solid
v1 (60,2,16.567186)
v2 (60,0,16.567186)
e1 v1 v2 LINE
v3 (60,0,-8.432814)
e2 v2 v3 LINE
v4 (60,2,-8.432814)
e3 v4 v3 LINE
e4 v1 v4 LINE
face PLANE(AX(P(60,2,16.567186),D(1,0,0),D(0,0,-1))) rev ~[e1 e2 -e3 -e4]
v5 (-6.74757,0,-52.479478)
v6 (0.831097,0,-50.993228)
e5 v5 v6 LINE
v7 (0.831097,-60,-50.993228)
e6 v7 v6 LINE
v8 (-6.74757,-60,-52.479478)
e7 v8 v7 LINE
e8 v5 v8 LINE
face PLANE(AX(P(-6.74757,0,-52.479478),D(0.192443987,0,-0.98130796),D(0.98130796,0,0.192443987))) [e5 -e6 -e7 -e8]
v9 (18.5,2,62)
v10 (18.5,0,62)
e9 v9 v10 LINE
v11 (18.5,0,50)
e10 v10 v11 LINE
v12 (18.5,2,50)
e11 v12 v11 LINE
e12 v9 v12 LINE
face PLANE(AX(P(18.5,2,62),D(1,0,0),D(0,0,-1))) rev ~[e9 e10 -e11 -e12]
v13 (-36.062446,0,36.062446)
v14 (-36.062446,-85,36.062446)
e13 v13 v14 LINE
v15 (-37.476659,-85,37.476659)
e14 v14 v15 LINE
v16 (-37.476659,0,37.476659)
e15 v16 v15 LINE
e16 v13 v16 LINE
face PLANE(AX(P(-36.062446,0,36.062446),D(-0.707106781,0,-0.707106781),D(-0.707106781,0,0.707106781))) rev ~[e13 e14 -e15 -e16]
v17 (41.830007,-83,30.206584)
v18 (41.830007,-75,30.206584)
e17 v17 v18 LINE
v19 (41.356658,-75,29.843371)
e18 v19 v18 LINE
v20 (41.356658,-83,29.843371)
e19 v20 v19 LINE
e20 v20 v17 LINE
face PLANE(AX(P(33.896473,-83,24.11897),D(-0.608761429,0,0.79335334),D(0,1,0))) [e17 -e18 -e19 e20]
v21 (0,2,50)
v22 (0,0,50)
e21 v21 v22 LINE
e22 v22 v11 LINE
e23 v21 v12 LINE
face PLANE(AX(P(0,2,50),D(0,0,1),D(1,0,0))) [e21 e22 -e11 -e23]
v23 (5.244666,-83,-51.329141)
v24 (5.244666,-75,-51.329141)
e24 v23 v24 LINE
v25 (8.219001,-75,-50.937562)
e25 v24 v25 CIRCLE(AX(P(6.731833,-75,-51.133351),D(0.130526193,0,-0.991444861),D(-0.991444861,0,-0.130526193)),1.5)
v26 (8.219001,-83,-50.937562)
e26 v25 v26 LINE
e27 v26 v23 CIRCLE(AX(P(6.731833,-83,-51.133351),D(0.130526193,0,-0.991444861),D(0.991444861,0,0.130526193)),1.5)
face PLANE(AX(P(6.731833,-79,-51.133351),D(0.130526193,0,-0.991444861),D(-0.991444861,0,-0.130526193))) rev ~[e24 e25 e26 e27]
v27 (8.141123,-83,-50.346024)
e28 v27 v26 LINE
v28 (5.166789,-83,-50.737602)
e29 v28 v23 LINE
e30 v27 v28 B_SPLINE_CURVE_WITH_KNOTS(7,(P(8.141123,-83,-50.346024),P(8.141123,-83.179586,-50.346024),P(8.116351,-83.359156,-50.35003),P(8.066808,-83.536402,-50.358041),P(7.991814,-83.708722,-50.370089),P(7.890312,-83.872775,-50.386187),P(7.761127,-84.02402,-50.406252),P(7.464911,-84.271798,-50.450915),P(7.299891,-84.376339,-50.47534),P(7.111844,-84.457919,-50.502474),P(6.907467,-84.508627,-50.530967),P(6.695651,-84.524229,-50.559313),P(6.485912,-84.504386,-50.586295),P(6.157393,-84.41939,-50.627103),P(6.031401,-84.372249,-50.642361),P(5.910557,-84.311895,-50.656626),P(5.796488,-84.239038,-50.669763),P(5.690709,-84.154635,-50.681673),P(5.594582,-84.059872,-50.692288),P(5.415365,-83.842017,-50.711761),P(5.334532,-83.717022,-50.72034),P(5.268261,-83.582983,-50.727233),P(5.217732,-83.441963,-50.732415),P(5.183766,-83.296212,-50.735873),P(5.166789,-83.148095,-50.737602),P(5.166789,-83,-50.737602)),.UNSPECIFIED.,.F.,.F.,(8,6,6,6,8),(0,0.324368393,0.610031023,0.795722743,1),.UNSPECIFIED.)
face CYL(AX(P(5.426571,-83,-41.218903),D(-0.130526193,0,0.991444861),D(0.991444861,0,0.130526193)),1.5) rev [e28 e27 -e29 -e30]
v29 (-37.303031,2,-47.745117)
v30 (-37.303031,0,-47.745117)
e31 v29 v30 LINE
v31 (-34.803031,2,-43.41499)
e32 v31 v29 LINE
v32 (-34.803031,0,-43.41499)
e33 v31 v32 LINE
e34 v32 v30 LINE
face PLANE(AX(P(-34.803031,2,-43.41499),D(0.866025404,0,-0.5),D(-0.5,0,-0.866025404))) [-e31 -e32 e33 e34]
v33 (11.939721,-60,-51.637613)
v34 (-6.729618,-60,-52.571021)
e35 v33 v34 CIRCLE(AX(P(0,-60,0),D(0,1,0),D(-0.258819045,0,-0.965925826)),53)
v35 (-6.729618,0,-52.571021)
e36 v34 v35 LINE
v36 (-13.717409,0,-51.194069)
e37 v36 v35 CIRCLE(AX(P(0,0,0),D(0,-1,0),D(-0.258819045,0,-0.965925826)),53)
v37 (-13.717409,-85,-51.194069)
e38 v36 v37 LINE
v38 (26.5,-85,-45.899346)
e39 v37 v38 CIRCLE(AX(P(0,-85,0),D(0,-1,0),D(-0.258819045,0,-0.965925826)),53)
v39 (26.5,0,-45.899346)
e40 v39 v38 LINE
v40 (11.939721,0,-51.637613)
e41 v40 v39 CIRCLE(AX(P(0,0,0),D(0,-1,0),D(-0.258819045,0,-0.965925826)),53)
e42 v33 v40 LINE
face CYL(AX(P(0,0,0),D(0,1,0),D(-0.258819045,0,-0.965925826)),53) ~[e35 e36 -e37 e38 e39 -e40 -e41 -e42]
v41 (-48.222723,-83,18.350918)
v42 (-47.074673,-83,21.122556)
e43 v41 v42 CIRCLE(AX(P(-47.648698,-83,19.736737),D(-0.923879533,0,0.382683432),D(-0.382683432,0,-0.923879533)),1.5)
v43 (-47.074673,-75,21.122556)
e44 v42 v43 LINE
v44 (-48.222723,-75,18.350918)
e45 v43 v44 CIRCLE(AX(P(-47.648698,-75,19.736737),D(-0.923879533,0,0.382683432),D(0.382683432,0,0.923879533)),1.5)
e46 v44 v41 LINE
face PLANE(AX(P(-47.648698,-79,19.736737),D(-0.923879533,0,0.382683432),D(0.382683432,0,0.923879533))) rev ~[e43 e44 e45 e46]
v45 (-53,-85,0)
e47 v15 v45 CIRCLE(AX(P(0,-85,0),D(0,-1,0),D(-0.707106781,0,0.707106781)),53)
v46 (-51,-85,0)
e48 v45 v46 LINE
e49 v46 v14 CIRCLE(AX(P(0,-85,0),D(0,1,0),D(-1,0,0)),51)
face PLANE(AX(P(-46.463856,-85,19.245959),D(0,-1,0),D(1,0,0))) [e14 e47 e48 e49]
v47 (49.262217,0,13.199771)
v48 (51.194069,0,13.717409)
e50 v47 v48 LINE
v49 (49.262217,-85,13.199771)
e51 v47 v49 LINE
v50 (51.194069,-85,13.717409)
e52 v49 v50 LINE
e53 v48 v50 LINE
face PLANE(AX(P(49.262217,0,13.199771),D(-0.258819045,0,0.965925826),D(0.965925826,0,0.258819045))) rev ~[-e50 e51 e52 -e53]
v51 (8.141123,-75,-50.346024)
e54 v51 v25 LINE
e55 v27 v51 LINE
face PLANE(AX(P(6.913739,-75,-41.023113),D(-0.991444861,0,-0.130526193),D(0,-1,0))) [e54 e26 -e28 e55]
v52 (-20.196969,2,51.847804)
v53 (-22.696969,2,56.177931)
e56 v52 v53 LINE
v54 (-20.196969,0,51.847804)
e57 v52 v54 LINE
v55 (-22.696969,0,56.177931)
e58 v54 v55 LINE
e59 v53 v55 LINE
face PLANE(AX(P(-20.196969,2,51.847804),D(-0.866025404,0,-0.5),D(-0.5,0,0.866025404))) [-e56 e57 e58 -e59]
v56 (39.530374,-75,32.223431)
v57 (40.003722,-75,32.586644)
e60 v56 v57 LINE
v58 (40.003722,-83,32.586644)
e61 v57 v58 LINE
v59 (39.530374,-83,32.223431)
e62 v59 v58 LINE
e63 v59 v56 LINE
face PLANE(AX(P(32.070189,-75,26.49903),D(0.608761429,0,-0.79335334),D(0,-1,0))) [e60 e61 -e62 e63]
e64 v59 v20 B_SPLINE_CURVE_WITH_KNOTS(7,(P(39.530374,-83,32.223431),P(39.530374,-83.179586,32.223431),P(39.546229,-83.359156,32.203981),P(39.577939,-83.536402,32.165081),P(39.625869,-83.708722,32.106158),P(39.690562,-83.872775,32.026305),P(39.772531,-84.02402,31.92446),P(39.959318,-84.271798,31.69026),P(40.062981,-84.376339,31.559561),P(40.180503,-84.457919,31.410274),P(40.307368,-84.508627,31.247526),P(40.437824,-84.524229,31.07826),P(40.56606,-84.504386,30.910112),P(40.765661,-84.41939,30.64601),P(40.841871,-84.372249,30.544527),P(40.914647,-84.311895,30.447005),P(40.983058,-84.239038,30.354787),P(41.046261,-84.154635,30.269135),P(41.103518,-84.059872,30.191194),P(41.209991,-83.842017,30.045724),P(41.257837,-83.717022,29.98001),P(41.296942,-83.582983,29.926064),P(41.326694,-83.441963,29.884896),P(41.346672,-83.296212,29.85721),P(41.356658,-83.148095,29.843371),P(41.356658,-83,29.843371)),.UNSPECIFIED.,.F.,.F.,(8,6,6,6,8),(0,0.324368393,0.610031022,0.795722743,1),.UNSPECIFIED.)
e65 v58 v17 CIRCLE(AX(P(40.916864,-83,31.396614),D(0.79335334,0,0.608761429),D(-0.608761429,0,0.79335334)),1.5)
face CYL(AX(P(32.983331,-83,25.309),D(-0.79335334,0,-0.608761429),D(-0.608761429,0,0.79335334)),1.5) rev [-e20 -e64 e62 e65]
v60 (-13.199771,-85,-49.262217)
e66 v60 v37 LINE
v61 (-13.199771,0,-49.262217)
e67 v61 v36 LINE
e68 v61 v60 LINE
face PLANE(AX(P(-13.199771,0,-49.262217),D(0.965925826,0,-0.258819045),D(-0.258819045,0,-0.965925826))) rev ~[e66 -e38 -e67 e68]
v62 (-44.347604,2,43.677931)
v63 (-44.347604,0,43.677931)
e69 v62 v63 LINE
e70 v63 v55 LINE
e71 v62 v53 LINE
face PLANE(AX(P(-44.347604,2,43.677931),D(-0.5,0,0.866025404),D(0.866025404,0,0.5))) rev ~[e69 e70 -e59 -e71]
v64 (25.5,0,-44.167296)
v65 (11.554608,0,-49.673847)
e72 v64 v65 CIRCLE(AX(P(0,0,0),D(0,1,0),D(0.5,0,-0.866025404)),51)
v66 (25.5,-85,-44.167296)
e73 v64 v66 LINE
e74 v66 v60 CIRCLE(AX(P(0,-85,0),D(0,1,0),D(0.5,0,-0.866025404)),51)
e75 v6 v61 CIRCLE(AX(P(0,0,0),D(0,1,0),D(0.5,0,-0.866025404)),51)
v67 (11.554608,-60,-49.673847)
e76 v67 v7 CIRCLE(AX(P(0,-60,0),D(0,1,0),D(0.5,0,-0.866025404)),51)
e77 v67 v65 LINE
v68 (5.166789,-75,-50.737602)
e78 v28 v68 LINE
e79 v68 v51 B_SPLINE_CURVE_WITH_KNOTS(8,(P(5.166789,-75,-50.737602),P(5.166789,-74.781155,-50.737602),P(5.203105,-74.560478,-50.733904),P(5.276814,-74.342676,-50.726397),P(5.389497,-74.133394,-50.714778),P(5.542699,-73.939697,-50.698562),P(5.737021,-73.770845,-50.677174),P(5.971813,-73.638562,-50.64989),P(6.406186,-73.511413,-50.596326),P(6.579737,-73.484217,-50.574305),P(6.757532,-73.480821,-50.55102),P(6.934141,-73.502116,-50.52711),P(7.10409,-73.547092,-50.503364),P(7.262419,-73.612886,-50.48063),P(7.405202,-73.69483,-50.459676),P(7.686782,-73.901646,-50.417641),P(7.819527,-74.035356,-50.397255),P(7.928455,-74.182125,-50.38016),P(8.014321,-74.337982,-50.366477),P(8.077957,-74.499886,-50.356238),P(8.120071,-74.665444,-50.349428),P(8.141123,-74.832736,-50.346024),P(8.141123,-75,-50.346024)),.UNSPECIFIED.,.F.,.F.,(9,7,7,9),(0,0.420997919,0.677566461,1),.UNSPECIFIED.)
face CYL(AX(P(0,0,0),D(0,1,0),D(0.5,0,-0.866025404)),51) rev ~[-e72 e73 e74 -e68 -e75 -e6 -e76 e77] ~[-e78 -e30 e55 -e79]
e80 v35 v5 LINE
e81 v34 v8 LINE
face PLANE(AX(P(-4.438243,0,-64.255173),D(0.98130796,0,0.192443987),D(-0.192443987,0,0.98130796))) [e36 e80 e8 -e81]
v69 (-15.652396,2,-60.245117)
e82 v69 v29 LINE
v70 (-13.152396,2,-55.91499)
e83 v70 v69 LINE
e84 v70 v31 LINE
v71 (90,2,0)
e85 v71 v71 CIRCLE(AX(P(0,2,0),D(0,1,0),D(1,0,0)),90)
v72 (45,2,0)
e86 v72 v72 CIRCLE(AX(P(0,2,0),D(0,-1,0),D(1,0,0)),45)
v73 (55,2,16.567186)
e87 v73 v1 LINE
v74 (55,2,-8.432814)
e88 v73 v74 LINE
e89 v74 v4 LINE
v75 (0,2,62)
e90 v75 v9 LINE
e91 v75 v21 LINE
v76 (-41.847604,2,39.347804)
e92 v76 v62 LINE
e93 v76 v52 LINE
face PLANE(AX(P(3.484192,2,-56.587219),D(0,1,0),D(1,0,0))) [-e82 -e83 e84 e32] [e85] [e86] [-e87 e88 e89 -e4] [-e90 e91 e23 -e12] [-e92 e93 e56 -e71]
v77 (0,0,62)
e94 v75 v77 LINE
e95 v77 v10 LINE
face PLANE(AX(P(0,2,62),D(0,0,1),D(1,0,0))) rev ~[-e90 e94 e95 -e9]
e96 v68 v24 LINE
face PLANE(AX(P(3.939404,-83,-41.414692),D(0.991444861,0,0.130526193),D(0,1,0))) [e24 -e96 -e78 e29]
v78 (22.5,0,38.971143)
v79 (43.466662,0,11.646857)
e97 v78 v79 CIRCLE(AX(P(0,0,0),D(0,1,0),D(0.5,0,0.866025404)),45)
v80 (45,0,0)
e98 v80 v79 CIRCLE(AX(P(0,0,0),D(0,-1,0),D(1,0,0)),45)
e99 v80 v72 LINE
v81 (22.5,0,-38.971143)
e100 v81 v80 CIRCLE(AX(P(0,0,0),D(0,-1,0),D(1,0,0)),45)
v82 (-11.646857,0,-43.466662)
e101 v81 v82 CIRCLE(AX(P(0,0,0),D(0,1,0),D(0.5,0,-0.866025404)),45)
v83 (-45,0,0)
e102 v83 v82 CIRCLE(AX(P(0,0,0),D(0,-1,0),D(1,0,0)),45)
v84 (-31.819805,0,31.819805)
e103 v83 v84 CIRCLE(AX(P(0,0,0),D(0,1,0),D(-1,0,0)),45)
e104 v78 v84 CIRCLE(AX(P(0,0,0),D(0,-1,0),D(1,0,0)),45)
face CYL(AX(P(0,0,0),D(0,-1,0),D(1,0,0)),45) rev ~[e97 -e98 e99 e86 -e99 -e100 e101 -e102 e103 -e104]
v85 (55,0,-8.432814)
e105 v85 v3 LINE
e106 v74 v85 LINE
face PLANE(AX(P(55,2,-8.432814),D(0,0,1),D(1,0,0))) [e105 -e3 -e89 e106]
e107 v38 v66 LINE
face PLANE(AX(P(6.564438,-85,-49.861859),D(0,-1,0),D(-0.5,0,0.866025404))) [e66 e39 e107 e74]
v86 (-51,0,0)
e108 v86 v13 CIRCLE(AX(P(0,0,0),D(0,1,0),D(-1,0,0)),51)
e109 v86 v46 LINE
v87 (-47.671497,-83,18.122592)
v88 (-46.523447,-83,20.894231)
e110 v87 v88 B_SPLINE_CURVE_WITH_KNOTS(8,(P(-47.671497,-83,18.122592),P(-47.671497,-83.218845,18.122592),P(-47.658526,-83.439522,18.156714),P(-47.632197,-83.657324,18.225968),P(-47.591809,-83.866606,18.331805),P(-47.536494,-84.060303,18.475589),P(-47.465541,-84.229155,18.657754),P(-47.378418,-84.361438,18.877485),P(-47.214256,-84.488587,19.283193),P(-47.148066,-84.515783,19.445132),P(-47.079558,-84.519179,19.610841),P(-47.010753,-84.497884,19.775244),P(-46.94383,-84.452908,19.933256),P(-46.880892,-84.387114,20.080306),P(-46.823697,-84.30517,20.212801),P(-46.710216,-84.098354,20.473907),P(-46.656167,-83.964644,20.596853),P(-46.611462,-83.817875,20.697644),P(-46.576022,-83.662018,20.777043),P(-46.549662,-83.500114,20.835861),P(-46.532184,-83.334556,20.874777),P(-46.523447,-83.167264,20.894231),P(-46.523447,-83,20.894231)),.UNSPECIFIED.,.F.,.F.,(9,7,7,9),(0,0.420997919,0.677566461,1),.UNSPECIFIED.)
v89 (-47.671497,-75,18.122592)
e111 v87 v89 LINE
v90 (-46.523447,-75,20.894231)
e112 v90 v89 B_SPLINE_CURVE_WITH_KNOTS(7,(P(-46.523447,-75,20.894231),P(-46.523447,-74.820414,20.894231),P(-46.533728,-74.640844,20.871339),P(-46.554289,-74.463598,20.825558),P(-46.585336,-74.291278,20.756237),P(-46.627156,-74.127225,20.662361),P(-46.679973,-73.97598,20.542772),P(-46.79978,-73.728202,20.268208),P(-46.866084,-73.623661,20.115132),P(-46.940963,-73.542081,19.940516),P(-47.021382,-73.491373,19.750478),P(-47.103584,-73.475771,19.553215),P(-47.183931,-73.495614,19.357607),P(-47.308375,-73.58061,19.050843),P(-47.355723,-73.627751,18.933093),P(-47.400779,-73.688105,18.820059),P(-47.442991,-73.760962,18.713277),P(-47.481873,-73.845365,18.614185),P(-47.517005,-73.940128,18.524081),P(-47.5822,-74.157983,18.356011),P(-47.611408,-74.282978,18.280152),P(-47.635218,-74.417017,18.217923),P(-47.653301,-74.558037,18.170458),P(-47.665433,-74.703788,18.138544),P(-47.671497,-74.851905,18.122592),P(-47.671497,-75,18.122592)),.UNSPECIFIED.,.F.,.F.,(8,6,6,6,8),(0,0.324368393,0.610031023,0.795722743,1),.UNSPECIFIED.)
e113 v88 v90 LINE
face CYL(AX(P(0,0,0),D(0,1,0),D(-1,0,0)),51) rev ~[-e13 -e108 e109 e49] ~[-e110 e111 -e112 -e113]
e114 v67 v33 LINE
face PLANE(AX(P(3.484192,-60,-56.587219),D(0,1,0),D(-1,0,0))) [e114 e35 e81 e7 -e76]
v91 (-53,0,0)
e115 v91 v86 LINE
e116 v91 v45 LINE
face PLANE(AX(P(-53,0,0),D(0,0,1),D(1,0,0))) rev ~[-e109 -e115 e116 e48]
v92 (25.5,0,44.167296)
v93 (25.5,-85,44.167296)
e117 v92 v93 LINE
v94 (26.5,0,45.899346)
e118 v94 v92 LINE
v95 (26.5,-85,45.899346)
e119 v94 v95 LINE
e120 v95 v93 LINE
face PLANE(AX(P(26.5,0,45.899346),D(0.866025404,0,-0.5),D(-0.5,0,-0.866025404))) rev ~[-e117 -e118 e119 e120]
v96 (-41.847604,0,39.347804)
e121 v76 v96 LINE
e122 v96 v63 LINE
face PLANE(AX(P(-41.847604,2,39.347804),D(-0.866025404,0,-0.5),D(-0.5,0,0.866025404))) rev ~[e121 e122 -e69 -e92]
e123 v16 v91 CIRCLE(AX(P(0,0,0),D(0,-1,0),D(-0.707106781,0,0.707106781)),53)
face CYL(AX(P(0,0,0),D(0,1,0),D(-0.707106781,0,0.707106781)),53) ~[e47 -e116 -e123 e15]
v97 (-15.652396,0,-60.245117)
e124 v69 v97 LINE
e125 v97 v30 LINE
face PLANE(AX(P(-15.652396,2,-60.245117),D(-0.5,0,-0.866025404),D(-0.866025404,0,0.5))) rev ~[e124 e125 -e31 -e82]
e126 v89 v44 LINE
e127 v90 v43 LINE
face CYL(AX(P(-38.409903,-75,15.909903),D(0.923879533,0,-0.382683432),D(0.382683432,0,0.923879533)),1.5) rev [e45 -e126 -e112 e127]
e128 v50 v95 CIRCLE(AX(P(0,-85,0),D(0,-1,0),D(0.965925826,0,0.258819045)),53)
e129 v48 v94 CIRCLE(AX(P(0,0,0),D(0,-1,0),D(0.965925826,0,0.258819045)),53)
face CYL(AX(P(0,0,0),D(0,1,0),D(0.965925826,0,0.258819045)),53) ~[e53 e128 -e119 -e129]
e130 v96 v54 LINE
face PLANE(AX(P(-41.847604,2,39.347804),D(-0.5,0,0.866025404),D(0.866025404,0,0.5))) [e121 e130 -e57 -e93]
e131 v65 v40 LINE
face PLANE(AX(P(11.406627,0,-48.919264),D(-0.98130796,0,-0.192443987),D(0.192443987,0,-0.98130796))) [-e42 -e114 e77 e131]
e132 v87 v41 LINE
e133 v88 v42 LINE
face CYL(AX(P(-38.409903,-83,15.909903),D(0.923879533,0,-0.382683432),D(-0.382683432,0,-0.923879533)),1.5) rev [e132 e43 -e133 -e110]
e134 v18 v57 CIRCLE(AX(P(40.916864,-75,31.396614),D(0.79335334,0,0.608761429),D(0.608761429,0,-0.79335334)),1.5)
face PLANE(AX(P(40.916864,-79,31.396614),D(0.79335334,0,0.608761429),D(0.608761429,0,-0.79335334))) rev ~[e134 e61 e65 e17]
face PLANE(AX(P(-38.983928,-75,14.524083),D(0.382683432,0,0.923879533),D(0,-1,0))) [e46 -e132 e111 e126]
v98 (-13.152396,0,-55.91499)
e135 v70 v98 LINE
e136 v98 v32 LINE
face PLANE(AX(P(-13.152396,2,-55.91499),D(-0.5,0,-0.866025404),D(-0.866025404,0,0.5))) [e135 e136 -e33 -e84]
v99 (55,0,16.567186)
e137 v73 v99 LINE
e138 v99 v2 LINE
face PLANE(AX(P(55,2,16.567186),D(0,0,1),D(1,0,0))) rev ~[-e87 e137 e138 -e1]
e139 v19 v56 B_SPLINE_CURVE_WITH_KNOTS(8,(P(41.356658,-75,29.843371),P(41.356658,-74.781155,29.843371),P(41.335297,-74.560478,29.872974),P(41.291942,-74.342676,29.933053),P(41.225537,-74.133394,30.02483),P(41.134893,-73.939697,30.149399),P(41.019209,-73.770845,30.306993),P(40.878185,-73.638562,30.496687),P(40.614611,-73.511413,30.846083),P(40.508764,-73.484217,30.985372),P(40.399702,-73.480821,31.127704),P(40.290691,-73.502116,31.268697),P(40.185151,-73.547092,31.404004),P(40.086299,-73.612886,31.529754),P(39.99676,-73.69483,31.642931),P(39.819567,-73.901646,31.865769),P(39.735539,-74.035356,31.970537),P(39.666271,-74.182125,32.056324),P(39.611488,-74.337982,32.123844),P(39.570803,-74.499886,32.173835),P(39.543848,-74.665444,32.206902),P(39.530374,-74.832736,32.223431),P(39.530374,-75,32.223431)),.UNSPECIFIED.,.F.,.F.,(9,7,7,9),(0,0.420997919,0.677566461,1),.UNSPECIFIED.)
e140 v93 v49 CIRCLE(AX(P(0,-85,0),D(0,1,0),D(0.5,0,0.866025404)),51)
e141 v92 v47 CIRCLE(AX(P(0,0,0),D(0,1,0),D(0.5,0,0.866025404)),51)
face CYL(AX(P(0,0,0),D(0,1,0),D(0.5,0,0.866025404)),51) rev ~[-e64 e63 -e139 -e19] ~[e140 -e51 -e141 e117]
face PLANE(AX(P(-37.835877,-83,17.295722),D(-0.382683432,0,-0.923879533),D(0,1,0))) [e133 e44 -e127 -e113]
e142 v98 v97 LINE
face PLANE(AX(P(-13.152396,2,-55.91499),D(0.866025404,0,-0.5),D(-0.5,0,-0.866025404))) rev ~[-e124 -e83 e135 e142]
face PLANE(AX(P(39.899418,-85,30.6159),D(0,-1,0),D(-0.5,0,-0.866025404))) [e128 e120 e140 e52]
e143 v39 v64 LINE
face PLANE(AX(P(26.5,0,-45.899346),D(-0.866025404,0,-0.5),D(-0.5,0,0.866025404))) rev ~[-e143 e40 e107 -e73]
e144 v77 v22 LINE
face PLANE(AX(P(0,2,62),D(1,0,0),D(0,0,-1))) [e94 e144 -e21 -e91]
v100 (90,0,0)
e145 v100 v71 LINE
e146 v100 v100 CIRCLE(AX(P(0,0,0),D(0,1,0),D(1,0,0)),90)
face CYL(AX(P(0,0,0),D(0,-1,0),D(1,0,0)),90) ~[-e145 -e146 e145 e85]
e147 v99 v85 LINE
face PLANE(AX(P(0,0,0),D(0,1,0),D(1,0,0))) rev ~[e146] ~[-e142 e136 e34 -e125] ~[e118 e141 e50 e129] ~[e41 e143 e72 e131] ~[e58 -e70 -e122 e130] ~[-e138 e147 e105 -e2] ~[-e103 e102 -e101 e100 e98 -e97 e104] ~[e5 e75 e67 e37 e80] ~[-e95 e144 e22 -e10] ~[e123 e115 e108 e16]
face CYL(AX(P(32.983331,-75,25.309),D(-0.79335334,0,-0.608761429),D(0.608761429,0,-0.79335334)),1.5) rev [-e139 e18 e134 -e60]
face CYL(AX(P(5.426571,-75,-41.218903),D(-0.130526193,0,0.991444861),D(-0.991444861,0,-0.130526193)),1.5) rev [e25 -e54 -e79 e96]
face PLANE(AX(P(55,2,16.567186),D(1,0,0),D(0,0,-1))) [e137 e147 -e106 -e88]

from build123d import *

# Parameters (mm, degrees)
SKETCH3_R           = 90
BOSS_EXTRUDE3_DEPTH = 2
SKETCH4_R           = 45
CUT_EXTRUDE1_DEPTH  = 2
BOSS_EXTRUDE4_DEPTH = 85
BOSS_EXTRUDE5_DEPTH = 85
CUT_EXTRUDE9_DEPTH  = 10
CIRPATTERN4_COUNT   = 3
CUT_EXTRUDE5_DEPTH  = 60
SKETCH15_W          = 5
SKETCH15_H          = 25
CUT_EXTRUDE10_DEPTH = 88.0000001
CIRPATTERN5_COUNT   = 3
SKETCH16_R          = 46
CUT_EXTRUDE11_DEPTH = 85
BOSS_EXTRUDE6_DEPTH = 2
SKETCH18_W          = 18.5
SKETCH18_H          = 12
CUT_EXTRUDE12_DEPTH = 2


with BuildPart() as part:
    # Sketch3 → Boss-Extrude3 (new body)
    with BuildSketch(Plane(origin=(0, 0, 0), x_dir=(1, 0, 0), z_dir=(0, 1, 0))):
        Circle(SKETCH3_R)
    extrude(amount=BOSS_EXTRUDE3_DEPTH)

    # Sketch4 → Cut-Extrude1 (cut)
    with BuildSketch(Plane.XZ):
        Circle(SKETCH4_R)
    extrude(amount=-CUT_EXTRUDE1_DEPTH, mode=Mode.SUBTRACT)

    # Sketch6 → Boss-Extrude4 (add)
    with BuildSketch(Plane.XZ):
        with BuildLine():
            Line((-46, 0), (-45, 0))
            ThreePointArc((-45, 0), (-41.574578963, 17.220754456), (-31.819805153, 31.819805153))
            Line((-31.819805153, 31.819805153), (-32.526911935, 32.526911935))
            ThreePointArc((-32.526911935, 32.526911935), (-42.498458496, 17.603437889), (-46, 0))
        make_face()
    boss_extrude4 = extrude(amount=BOSS_EXTRUDE4_DEPTH)

    # Sketch6<3> → Boss-Extrude5 (add)
    with BuildSketch(Plane.XZ):
        with BuildLine():
            Line((-53, 0), (-51, 0))
            ThreePointArc((-51, 0), (-47.117856158, 19.516855051), (-36.062445841, 36.062445841))
            Line((-36.062445841, 36.062445841), (-37.476659403, 37.476659403))
            ThreePointArc((-37.476659403, 37.476659403), (-48.965615223, 20.282221915), (-53, 0))
        make_face()
    boss_extrude5 = extrude(amount=BOSS_EXTRUDE5_DEPTH)

    # Sketch14 → Cut-Extrude9 (cut)
    with BuildSketch(Plane(origin=(-38.409902577, 0, 15.909902577), x_dir=(-0.382683432, 0, -0.923879533), z_dir=(0.923879533, 0, -0.382683432))):
        with BuildLine():
            Line((1.5, -75), (1.5, -83))
            ThreePointArc((1.5, -83), (0, -84.5), (-1.5, -83))
            Line((-1.5, -83), (-1.5, -75))
            ThreePointArc((-1.5, -75), (0, -73.5), (1.5, -75))
        make_face()
    cut_extrude9 = extrude(amount=-CUT_EXTRUDE9_DEPTH, mode=Mode.SUBTRACT)

    # CirPattern4: Boss-Extrude4, Boss-Extrude5, Cut-Extrude9 ×3 about axis
    cirpattern4_axis = Axis((0, 0, 0), (0, 1, 0))
    for i in range(1, CIRPATTERN4_COUNT):
        add(boss_extrude4.rotate(cirpattern4_axis, i * 360 / CIRPATTERN4_COUNT))
        add(boss_extrude5.rotate(cirpattern4_axis, i * 360 / CIRPATTERN4_COUNT))
        add(cut_extrude9.rotate(cirpattern4_axis, i * 360 / CIRPATTERN4_COUNT), mode=Mode.SUBTRACT)

    # Sketch11 → Cut-Extrude5 (cut, symmetric)
    with BuildSketch(Plane.XZ):
        Polygon((-6.747570404, -52.479477871), (11.40662685, -48.919264104), (13.715954699, -60.69495962), (-4.438242555, -64.255173387), align=None)
    extrude(amount=CUT_EXTRUDE5_DEPTH, both=True, mode=Mode.SUBTRACT)

    # Sketch15 → Cut-Extrude10 (cut, through all)
    with BuildSketch(Plane(origin=(0, 2, 0), x_dir=(1, 0, 0), z_dir=(0, 1, 0))):
        with Locations((57.5, -4.067185812)):
            Rectangle(SKETCH15_W, SKETCH15_H)
    cut_extrude10 = extrude(amount=-CUT_EXTRUDE10_DEPTH, mode=Mode.SUBTRACT)

    # CirPattern5: Cut-Extrude10 ×3 about axis
    cirpattern5_axis = Axis((0, 0, 0), (0, 1, 0))
    for i in range(1, CIRPATTERN5_COUNT):
        add(cut_extrude10.rotate(cirpattern5_axis, i * 360 / CIRPATTERN5_COUNT), mode=Mode.SUBTRACT)

    # Sketch16 → Cut-Extrude11 (cut)
    with BuildSketch(Plane.XZ.offset(85)):
        Circle(SKETCH16_R)
    extrude(amount=-CUT_EXTRUDE11_DEPTH, mode=Mode.SUBTRACT)

    # Sketch17 → Boss-Extrude6 (add)
    with BuildSketch(Plane(origin=(0, 2, 0), x_dir=(1, 0, 0), z_dir=(0, 1, 0))):
        Polygon((13.715954699, 60.69495962), (-4.438242555, 64.255173387), (-6.747570404, 52.479477871), (11.40662685, 48.919264104), align=None)
    extrude(amount=-BOSS_EXTRUDE6_DEPTH)

    # Sketch18 → Cut-Extrude12 (cut)
    with BuildSketch(Plane(origin=(0, 2, 0), x_dir=(1, 0, 0), z_dir=(0, 1, 0))):
        with Locations((9.25, -56)):
            Rectangle(SKETCH18_W, SKETCH18_H)
    extrude(amount=-CUT_EXTRUDE12_DEPTH, mode=Mode.SUBTRACT)


solid = part.part
